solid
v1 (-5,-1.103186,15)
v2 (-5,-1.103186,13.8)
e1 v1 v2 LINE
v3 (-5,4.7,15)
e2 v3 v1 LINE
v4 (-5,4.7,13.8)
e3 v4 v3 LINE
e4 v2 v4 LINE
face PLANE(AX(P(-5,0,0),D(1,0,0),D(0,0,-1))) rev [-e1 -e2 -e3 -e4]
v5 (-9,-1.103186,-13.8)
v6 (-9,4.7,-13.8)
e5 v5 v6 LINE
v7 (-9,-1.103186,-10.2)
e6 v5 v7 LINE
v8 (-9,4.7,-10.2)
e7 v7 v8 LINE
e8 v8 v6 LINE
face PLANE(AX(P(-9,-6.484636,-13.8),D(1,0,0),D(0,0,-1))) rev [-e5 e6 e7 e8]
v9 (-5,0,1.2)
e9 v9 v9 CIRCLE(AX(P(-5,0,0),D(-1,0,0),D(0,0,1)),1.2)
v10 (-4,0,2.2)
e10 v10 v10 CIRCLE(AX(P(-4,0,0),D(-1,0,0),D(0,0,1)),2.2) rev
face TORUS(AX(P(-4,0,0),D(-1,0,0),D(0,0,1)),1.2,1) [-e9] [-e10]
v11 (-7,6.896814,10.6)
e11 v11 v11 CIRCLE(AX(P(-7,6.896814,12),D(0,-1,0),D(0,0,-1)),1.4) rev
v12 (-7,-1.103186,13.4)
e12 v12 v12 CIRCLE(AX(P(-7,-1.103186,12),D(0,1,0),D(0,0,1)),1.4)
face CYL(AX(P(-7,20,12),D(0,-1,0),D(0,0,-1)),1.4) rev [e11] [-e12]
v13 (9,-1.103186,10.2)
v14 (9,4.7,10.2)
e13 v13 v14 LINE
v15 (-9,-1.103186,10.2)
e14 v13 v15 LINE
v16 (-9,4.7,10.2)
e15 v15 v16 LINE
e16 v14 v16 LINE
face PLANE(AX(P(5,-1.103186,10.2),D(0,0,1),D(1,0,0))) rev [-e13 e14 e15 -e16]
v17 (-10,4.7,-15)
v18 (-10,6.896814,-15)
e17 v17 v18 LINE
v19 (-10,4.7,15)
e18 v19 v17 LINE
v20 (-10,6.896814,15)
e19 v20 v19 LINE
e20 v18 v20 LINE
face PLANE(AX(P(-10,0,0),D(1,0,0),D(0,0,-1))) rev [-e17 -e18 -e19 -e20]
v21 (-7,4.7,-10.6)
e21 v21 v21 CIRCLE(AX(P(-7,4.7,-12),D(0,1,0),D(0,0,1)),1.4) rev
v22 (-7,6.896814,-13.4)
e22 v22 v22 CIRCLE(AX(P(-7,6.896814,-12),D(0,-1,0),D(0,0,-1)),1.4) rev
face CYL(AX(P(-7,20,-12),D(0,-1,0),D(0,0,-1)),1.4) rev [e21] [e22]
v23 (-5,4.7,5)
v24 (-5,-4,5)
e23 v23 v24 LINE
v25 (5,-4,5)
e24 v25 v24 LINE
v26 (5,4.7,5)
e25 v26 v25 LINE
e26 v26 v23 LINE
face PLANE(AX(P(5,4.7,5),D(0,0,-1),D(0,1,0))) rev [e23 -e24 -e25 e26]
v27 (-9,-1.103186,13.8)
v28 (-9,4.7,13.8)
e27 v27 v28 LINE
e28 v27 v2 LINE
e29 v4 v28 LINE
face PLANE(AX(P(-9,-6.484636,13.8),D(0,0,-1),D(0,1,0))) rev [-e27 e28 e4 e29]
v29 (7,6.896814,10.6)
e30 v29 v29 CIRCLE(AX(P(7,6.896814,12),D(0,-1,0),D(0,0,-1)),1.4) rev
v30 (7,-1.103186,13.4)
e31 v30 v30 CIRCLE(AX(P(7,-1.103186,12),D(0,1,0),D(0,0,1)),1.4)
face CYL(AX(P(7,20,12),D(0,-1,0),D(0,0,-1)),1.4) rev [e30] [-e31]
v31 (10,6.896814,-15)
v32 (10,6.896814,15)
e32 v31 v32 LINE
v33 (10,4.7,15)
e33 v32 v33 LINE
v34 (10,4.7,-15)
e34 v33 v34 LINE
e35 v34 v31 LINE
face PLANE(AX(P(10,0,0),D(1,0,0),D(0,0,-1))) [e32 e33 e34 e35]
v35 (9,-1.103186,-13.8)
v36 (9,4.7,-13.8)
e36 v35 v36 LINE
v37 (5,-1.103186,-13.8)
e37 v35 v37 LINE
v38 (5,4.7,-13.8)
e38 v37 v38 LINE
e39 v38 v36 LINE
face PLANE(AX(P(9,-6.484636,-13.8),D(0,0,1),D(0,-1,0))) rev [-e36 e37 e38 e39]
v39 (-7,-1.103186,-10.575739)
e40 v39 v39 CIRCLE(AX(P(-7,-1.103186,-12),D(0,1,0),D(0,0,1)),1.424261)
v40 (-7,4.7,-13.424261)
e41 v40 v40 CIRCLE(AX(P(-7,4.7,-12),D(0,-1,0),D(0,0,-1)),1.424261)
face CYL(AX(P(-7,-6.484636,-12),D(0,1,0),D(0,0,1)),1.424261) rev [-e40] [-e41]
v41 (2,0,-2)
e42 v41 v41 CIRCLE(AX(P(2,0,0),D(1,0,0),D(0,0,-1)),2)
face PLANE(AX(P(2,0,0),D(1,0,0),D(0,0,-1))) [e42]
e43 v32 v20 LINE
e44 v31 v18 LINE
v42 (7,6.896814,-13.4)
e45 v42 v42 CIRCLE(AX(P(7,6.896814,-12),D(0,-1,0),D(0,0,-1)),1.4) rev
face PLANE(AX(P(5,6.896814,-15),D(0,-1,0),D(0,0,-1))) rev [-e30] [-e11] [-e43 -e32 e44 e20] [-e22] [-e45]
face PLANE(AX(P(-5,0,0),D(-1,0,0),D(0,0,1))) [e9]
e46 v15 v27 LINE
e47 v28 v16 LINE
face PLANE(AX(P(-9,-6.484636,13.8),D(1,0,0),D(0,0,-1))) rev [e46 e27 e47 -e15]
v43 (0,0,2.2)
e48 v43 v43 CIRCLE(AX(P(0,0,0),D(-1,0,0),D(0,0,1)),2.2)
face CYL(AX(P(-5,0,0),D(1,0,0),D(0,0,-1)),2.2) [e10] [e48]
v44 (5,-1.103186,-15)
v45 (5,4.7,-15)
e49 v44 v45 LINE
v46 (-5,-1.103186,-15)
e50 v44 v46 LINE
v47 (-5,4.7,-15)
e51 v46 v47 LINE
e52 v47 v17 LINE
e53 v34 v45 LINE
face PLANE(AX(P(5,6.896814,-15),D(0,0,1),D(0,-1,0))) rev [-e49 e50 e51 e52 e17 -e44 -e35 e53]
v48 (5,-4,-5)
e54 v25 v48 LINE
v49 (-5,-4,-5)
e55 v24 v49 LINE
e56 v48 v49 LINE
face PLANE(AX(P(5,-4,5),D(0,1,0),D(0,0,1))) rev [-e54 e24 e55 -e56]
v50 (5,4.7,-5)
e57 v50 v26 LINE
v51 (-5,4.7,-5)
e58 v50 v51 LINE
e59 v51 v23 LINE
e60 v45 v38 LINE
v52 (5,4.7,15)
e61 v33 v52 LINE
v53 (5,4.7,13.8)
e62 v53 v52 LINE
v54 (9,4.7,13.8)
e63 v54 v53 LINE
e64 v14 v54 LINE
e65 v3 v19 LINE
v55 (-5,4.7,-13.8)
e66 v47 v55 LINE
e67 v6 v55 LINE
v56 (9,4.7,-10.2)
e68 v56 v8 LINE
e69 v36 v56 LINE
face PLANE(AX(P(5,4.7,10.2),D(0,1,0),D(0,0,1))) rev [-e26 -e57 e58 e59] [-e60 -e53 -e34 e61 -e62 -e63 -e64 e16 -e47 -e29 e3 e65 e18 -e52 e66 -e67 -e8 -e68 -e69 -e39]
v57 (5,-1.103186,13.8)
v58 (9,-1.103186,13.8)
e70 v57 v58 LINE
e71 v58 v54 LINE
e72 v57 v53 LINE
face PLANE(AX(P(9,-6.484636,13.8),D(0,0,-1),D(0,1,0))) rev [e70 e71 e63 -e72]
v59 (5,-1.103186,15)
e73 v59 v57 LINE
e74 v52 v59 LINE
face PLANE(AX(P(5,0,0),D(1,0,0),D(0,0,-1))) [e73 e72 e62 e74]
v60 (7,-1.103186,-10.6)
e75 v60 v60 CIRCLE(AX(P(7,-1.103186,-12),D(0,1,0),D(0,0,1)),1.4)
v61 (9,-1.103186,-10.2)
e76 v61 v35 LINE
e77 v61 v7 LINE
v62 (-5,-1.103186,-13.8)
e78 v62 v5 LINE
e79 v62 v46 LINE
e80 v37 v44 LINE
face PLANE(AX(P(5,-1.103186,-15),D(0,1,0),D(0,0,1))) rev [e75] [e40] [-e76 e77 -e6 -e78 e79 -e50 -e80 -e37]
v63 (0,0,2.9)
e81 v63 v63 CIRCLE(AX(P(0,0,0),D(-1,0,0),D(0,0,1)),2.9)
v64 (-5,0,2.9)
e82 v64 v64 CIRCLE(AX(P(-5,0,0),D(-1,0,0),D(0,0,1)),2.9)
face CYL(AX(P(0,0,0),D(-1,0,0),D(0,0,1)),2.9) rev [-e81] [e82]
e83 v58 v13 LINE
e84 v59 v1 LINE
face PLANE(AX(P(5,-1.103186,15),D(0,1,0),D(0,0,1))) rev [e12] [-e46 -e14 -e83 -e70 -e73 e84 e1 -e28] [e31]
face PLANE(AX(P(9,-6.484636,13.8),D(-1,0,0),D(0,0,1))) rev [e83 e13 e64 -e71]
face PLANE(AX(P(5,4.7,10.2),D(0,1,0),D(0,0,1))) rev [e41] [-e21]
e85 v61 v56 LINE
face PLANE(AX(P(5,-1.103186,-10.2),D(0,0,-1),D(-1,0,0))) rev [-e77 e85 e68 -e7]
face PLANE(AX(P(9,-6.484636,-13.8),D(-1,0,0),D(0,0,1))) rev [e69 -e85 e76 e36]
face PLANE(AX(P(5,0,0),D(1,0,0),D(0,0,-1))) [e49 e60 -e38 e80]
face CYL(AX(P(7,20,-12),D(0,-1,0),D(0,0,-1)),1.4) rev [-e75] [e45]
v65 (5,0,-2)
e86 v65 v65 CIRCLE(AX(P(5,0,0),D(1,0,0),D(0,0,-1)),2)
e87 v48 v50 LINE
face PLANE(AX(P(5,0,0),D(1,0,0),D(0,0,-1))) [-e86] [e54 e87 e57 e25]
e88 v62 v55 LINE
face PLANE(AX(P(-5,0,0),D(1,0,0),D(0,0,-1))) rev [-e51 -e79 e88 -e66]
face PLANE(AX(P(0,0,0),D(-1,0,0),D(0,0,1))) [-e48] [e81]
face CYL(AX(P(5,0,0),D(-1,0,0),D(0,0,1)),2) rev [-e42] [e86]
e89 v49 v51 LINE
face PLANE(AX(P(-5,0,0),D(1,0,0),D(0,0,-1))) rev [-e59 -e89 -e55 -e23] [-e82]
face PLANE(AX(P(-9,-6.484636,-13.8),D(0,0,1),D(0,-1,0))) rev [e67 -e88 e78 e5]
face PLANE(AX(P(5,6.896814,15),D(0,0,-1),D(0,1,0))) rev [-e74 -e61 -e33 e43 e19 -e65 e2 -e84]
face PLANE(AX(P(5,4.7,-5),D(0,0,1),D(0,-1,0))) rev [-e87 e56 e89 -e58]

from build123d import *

# Parameters (mm, degrees)
SKETCH_1_R          = 2
EXTRUDE_1_DEPTH     = 5
SKETCH_3_W          = 30
SKETCH_3_H          = 2.196813629
EXTRUDE_2_DEPTH     = 10
SKETCH_4_R          = 1.4
CUT_EXTRUDE_2_DEPTH = 20
EXTRUDE_START       = 5.803186371
SKETCH_5_W          = 4
SKETCH_5_H          = 3.6
SKETCH_5_R          = 1.424260765
SKETCH_5_R_2        = 1.4
EXTRUDE_3_DEPTH     = 5.803186371
SKETCH_6_W          = 5.555026764
SKETCH_6_H          = 4.966415056
EXTRUDE_4_DEPTH     = 7
SKETCH_8_R          = 2.9
CUT_EXTRUDE_3_DEPTH = 5
SKETCH_9_R          = 2.2
EXTRUDE_5_DEPTH     = 5
FILLET_1_R          = 1


with BuildPart() as part:
    # 스케치1 → 보스-돌출1 (new, symmetric)
    with BuildSketch(Plane(origin=(0, 0, 0), x_dir=(0, 0, -1), z_dir=(1, 0, 0))):
        Polygon((15, 6.896813629), (-15, 6.896813629), (-15, -1.103186371), (-10.2, -1.103186371), (-10.2, 4.7), (-5, 4.7), (-5, -4), (5, -4), (5, 4.7), (10.2, 4.7), (10.2, -1.103186371), (15, -1.103186371), align=None)
        Circle(SKETCH_1_R, mode=Mode.SUBTRACT)
    extrude(amount=EXTRUDE_1_DEPTH, both=True)

    # 스케치3 → 보스-돌출2 (add, symmetric)
    with BuildSketch(Plane(origin=(0, 0, 0), x_dir=(0, 0, -1), z_dir=(1, 0, 0))):
        with Locations((0, 5.798406814)):
            Rectangle(SKETCH_3_W, SKETCH_3_H)
    extrude(amount=EXTRUDE_2_DEPTH, both=True)

    # 스케치4 → 컷-돌출2 (cut)
    with BuildSketch(Plane(origin=(0, 0, 0), x_dir=(1, 0, 0), z_dir=(0, 1, 0))):
        with Locations(Location((-7, -12, 0), (0, 0, 90))):
            Circle(SKETCH_4_R)
        with Locations(Location((7, -12, 0), (0, 0, 90))):
            Circle(SKETCH_4_R)
        with Locations(Location((7, 12, 0), (0, 0, 90))):
            Circle(SKETCH_4_R)
        with Locations(Location((-7, 12, 0), (0, 0, 90))):
            Circle(SKETCH_4_R)
    extrude(amount=CUT_EXTRUDE_2_DEPTH, mode=Mode.SUBTRACT)

    # 스케치5 → 보스-돌출3 (add)
    # profile 1 of 4: a face of its own
    with BuildSketch(Plane.XZ.offset(-4.7).offset(EXTRUDE_START)):
        with Locations((-7, -12)):
            Rectangle(SKETCH_5_W, SKETCH_5_H)
        with Locations(Location((-7, -12, 0), (0, 0, 90))):
            Circle(SKETCH_5_R, mode=Mode.SUBTRACT)
    # profile 2 of 4: a face of its own
    with BuildSketch(Plane.XZ.offset(-4.7).offset(EXTRUDE_START)):
        with Locations((7, -12)):
            Rectangle(SKETCH_5_W, SKETCH_5_H)
        with Locations(Location((7, -12, 0), (0, 0, 270))):
            Circle(SKETCH_5_R_2, mode=Mode.SUBTRACT)
    # profile 3 of 4: a face of its own
    with BuildSketch(Plane.XZ.offset(-4.7).offset(EXTRUDE_START)):
        with Locations((7, 12)):
            Rectangle(SKETCH_5_W, SKETCH_5_H)
        with Locations(Location((7, 12, 0), (0, 0, 270))):
            Circle(SKETCH_5_R_2, mode=Mode.SUBTRACT)
    # profile 4 of 4: a face of its own
    with BuildSketch(Plane.XZ.offset(-4.7).offset(EXTRUDE_START)):
        with Locations((-7, 12)):
            Rectangle(SKETCH_5_W, SKETCH_5_H)
        with Locations(Location((-7, 12, 0), (0, 0, 270))):
            Circle(SKETCH_5_R_2, mode=Mode.SUBTRACT)
    extrude(amount=-EXTRUDE_3_DEPTH)

    # 스케치6 → 보스-돌출4 (add)
    with BuildSketch(Plane.ZY.offset(5)):
        Rectangle(SKETCH_6_W, SKETCH_6_H)
    extrude(amount=-EXTRUDE_4_DEPTH)

    # 스케치8 → 컷-돌출3 (cut)
    with BuildSketch(Plane.ZY.offset(5)):
        Circle(SKETCH_8_R)
    extrude(amount=-CUT_EXTRUDE_3_DEPTH, mode=Mode.SUBTRACT)

    # 스케치9 → 보스-돌출5 (add)
    with BuildSketch(Plane.ZY):
        Circle(SKETCH_9_R)
    extrude(amount=EXTRUDE_5_DEPTH)

    # 필렛1
    fillet_1_edges = [part.edges().sort_by_distance(p)[0] for p in [
        (-5, 0, -2.2),
    ]]
    fillet(fillet_1_edges, radius=FILLET_1_R)


solid = part.part
